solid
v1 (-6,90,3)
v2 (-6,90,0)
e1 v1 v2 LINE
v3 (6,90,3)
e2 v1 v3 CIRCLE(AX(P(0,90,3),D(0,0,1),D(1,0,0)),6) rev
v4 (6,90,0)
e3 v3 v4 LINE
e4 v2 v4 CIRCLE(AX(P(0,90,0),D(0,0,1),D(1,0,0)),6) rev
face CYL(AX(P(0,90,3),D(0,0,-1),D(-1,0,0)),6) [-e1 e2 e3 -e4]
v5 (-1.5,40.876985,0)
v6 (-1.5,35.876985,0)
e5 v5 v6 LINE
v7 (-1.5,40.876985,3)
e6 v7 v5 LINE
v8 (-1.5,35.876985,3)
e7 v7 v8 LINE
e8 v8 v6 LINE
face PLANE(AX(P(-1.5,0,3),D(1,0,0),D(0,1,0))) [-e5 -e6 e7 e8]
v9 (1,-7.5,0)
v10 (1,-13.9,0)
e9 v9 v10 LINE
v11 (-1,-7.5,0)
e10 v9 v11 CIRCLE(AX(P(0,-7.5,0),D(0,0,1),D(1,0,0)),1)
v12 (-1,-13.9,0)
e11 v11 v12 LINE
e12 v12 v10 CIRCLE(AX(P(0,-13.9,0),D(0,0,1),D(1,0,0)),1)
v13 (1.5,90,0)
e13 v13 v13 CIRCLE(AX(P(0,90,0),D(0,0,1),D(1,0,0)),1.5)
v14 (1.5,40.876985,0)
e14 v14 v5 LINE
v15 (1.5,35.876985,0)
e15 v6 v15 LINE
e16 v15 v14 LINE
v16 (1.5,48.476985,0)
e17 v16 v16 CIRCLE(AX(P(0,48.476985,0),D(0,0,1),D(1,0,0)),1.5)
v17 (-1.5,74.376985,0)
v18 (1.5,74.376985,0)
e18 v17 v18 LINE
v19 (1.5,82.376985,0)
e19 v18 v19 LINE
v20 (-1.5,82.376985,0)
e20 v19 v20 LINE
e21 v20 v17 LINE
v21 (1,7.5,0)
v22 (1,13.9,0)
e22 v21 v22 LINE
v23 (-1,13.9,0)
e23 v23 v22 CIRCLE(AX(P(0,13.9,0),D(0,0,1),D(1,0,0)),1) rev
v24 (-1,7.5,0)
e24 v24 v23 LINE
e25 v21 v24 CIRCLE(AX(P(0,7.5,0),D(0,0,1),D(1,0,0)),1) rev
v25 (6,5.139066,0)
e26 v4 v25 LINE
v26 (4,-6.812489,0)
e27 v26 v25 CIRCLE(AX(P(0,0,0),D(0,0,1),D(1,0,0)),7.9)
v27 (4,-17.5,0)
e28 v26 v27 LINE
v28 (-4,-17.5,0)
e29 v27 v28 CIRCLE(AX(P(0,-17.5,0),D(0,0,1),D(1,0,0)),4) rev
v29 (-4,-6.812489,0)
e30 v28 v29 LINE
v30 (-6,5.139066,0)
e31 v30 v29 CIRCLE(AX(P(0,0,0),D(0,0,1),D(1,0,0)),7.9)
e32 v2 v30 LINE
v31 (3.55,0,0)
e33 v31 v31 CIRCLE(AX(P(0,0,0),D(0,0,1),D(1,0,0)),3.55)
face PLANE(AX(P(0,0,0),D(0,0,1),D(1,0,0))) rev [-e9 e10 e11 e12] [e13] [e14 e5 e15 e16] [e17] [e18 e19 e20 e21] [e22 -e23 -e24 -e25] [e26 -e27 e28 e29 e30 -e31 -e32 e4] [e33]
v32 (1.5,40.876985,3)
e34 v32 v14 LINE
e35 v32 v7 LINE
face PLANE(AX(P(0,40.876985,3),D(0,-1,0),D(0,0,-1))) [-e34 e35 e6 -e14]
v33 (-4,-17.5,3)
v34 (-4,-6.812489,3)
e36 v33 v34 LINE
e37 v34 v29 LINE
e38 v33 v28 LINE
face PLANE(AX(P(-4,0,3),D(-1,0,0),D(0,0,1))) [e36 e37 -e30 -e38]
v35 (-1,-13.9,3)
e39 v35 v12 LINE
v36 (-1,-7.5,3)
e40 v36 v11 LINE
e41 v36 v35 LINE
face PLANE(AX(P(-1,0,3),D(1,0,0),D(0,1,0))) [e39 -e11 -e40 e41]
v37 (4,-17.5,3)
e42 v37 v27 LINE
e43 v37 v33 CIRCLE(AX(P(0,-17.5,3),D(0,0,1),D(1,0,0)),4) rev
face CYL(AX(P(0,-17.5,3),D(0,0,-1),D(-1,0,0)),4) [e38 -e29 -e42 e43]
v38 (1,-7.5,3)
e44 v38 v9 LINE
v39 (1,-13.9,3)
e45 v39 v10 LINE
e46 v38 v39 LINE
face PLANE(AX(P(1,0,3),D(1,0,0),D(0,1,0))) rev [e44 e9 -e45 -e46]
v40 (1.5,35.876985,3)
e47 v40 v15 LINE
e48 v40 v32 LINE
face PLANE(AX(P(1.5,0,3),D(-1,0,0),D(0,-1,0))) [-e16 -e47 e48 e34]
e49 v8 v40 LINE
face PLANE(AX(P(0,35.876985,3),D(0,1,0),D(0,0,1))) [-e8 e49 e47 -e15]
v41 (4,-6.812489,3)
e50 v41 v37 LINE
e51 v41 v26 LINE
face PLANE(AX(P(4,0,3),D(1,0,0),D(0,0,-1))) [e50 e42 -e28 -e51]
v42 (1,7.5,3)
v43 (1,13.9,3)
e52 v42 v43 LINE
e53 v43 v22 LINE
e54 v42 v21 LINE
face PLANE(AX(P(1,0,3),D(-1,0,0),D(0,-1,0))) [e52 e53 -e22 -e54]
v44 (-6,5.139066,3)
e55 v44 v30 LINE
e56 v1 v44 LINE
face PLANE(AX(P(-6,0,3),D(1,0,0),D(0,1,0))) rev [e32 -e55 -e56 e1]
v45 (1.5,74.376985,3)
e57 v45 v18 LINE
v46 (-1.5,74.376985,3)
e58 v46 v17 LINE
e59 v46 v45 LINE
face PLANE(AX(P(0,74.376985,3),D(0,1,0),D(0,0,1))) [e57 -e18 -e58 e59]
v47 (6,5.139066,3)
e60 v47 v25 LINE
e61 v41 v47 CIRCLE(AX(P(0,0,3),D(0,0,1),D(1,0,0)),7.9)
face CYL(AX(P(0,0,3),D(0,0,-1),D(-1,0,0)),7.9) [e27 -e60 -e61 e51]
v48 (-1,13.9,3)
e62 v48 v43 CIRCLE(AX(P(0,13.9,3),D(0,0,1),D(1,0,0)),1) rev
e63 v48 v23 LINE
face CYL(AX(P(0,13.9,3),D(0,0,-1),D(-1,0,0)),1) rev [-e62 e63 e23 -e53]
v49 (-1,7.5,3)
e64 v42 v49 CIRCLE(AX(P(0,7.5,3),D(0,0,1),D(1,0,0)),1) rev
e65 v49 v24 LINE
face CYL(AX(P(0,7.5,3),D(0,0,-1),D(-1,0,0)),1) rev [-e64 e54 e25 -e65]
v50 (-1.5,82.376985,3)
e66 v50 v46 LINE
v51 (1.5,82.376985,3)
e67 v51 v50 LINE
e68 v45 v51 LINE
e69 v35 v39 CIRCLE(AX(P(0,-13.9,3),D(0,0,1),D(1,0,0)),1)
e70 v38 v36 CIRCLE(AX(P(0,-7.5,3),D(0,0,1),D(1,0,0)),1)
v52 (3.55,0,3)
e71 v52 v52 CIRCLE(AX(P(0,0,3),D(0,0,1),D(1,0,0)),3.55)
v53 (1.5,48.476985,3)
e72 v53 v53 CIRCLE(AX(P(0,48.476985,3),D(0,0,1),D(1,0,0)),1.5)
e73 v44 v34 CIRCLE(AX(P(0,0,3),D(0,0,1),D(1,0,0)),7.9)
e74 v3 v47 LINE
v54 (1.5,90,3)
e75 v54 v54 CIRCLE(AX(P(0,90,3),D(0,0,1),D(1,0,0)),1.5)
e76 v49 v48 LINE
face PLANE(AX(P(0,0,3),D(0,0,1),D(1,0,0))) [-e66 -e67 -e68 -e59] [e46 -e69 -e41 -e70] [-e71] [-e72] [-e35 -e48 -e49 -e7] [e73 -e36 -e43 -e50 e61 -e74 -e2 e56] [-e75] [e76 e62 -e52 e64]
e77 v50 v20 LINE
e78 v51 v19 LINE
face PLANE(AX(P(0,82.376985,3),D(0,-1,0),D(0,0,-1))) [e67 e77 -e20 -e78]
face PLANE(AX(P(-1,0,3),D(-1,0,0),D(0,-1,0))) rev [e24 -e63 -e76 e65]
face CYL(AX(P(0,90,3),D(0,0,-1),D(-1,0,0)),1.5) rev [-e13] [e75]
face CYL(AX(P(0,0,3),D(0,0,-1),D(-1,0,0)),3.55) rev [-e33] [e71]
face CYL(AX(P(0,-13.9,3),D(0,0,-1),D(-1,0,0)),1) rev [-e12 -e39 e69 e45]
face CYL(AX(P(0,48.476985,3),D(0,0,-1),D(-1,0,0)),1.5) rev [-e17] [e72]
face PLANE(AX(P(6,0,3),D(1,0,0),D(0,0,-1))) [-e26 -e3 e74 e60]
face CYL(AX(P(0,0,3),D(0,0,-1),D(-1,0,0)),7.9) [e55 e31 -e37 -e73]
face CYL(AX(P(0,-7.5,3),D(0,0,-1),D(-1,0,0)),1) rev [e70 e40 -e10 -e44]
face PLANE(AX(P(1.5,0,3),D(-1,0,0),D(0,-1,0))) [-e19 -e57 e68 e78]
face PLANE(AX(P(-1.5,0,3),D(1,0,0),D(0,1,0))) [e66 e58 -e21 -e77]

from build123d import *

# Parameters (mm, degrees)
SKETCH1_R           = 3.55
SKETCH1_W           = 3
SKETCH1_H           = 5
SKETCH1_H_2         = 8
SKETCH1_R_2         = 1.5
BOSS_EXTRUDE1_DEPTH = 3


with BuildPart() as part:
    # Sketch1 → Boss-Extrude1 (new body)
    with BuildSketch(Plane.XY):
        with BuildLine():
            ThreePointArc((6, 90), (0, 96), (-6, 90))
            Line((-6, 90), (-6, 5.139066063))
            ThreePointArc((-6, 5.139066063), (-7.791656712, -1.303873341), (-4, -6.812488532))
            Line((-4, -6.812488532), (-4, -17.5))
            ThreePointArc((-4, -17.5), (0, -21.5), (4, -17.5))
            Line((4, -17.5), (4, -6.812488532))
            ThreePointArc((4, -6.812488532), (7.791656712, -1.303873341), (6, 5.139066063))
            Line((6, 5.139066063), (6, 90))
        make_face()
        with BuildLine():
            ThreePointArc((-1, -7.5), (0, -6.5), (1, -7.5))
            Line((1, -7.5), (1, -13.9))
            ThreePointArc((1, -13.9), (0, -14.9), (-1, -13.9))
            Line((-1, -13.9), (-1, -7.5))
        make_face(mode=Mode.SUBTRACT)
        Circle(SKETCH1_R, mode=Mode.SUBTRACT)
        with BuildLine():
            Line((1, 13.9), (1, 7.5))
            ThreePointArc((1, 7.5), (0, 6.5), (-1, 7.5))
            Line((-1, 7.5), (-1, 13.9))
            ThreePointArc((-1, 13.9), (0, 14.9), (1, 13.9))
        make_face(mode=Mode.SUBTRACT)
        with Locations((0, 38.376985236)):
            Rectangle(SKETCH1_W, SKETCH1_H, mode=Mode.SUBTRACT)
        with BuildLine():
            ThreePointArc((1.060660172, 47.416325064), (-1.060660172, 47.416325064), (-1.060660172, 49.537645408))
            ThreePointArc((-1.060660172, 49.537645408), (0.574025149, 49.862804535), (1.5, 48.476985236))
            ThreePointArc((1.5, 48.476985236), (1.385819299, 47.902960087), (1.060660172, 47.416325064))
        make_face(mode=Mode.SUBTRACT)
        with Locations((0, 78.376985236)):
            Rectangle(SKETCH1_W, SKETCH1_H_2, mode=Mode.SUBTRACT)
        with Locations((0, 90)):
            Circle(SKETCH1_R_2, mode=Mode.SUBTRACT)
    extrude(amount=BOSS_EXTRUDE1_DEPTH)


solid = part.part
